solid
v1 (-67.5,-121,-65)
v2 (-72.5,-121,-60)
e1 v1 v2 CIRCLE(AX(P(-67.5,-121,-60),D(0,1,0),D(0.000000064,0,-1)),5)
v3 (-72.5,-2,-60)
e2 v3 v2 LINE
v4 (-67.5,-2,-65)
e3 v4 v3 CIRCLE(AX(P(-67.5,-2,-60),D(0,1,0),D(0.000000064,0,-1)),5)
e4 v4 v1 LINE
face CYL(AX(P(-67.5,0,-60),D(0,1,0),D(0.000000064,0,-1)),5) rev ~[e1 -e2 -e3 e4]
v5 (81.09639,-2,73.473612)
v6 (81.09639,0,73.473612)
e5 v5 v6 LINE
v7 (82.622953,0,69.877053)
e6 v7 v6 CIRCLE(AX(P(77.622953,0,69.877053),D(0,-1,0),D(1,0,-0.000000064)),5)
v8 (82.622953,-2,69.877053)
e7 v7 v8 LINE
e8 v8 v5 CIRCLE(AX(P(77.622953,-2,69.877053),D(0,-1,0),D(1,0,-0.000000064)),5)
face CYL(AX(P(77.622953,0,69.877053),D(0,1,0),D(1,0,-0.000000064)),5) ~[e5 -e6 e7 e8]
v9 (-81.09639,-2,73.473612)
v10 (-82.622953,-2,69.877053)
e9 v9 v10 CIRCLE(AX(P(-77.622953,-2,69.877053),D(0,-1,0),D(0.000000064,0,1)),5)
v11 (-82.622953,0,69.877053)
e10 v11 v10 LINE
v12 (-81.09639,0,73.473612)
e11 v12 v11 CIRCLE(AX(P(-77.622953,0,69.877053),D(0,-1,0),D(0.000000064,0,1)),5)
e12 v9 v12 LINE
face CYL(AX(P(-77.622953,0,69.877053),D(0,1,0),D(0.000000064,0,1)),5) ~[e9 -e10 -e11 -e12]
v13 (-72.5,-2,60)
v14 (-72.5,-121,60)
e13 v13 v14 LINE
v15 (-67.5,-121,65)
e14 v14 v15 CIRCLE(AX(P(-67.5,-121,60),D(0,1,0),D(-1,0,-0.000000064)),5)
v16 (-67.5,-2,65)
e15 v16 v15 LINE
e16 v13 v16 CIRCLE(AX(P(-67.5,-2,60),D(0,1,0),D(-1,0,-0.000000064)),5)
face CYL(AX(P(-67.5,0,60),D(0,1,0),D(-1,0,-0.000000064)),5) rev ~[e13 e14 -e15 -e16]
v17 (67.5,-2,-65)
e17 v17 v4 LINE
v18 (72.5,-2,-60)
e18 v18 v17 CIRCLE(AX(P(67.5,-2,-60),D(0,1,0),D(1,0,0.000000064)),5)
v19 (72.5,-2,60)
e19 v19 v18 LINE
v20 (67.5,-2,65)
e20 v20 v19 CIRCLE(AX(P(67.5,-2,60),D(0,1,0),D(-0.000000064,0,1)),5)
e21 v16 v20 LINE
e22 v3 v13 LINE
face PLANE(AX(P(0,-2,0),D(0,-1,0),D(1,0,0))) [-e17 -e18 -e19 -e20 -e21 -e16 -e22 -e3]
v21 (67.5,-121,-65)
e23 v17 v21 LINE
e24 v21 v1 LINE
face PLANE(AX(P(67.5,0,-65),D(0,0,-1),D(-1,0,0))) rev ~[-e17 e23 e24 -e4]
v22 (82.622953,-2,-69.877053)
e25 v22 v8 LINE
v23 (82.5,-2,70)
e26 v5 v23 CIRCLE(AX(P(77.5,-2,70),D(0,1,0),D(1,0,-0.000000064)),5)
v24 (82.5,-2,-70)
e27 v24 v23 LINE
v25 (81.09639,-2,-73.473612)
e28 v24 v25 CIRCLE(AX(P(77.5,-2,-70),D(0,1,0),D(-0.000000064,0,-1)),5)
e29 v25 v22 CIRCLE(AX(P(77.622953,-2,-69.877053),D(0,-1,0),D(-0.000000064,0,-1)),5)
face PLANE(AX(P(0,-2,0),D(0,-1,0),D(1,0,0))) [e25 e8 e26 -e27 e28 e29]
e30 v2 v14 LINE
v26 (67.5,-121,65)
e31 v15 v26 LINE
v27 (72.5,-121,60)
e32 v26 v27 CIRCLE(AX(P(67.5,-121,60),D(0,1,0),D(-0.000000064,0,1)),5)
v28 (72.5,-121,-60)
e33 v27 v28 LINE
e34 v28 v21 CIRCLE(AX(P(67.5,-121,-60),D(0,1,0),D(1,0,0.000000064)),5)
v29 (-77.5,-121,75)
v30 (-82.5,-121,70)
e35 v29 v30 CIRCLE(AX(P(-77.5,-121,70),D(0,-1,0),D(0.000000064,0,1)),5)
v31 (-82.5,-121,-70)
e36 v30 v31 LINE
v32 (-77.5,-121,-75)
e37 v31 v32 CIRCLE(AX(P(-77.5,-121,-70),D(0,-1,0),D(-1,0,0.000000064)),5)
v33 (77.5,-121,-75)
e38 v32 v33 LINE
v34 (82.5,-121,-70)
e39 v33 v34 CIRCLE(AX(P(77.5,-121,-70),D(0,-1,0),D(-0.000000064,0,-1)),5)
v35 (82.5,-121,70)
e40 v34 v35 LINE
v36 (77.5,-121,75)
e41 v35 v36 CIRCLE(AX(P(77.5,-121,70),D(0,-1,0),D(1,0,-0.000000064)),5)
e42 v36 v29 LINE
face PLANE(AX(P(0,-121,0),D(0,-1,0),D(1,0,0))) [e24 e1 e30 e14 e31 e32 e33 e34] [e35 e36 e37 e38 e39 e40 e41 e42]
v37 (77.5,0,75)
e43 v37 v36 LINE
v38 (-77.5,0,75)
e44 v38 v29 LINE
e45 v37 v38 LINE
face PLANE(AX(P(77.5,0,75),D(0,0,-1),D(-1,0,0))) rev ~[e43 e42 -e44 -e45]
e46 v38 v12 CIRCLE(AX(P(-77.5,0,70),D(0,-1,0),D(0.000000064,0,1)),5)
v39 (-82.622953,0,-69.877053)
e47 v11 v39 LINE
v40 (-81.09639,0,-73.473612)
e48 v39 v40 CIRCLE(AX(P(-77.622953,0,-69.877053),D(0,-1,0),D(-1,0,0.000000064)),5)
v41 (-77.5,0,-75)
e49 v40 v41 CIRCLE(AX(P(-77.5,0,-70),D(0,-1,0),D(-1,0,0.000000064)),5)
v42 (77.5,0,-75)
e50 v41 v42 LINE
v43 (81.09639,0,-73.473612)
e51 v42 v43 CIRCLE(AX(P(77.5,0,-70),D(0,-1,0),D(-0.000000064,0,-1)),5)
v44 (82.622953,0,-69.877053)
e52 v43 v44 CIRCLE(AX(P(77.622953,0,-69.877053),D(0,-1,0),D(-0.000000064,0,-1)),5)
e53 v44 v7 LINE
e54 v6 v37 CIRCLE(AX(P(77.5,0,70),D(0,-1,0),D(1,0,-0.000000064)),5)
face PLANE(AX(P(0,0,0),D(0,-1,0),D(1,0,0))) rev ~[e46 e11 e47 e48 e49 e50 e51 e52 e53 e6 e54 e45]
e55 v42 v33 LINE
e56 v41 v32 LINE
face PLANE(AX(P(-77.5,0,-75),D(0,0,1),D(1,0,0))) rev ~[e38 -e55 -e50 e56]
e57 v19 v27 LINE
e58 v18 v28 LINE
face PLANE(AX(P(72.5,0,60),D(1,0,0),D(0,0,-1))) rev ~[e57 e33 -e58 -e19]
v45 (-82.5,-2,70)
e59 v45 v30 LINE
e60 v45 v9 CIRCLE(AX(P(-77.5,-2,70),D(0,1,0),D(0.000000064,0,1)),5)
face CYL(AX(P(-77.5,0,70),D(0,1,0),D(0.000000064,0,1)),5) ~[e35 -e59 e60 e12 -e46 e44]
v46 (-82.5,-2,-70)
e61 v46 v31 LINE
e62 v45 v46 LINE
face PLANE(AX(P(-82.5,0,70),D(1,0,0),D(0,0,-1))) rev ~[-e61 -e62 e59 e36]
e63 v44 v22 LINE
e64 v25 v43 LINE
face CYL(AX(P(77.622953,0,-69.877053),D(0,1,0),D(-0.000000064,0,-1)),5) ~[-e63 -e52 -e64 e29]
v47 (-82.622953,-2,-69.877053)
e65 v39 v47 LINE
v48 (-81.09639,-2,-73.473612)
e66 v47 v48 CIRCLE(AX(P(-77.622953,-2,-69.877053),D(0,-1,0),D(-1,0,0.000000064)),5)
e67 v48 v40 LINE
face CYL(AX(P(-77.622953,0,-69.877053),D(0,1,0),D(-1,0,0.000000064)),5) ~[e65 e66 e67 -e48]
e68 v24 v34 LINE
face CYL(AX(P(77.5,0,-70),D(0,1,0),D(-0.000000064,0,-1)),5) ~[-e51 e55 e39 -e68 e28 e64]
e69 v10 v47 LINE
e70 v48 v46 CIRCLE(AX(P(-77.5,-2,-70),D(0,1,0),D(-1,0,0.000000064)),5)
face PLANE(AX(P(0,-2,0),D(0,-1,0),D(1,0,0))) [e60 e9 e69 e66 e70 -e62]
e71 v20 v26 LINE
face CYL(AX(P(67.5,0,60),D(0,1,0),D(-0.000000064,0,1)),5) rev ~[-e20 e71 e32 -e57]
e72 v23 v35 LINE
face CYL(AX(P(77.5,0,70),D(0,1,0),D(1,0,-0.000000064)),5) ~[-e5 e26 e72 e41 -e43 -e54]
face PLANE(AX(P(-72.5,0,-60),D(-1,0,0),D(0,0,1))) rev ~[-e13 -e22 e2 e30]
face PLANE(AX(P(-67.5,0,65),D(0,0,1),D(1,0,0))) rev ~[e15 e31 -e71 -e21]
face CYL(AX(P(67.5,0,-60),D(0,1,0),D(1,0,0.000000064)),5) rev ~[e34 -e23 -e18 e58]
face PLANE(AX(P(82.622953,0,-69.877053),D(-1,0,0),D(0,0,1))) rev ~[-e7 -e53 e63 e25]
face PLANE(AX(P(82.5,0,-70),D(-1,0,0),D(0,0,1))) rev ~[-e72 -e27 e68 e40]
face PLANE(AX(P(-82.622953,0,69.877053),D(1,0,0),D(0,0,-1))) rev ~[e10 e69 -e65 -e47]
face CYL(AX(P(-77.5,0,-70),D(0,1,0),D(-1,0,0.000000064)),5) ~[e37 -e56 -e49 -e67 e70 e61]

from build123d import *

# Parameters (mm, degrees)
F1_DEPTH = 121
F3_DEPTH = 2


with BuildPart() as f1:
    # F0 (on Front) → F1 (new body)
    with BuildSketch(Plane.XZ):
        with BuildLine():
            Line((77.5, 75), (-77.5, 75))
            ThreePointArc((-77.5, 75), (-81.035534, 73.535534), (-82.5, 70))
            Line((-82.5, 70), (-82.5, -70))
            ThreePointArc((-82.5, -70), (-81.035534, -73.535534), (-77.5, -75))
            Line((-77.5, -75), (77.5, -75))
            ThreePointArc((77.5, -75), (81.035534, -73.535534), (82.5, -70))
            Line((82.5, -70), (82.5, 70))
            ThreePointArc((82.5, 70), (81.035534, 73.535534), (77.5, 75))
        make_face()
        with BuildLine():
            ThreePointArc((-72.5, 60), (-71.035534, 63.535534), (-67.5, 65))
            Line((-67.5, 65), (67.5, 65))
            ThreePointArc((67.5, 65), (71.035534, 63.535534), (72.5, 60))
            Line((72.5, 60), (72.5, -60))
            ThreePointArc((72.5, -60), (71.035534, -63.535534), (67.5, -65))
            Line((67.5, -65), (-67.5, -65))
            ThreePointArc((-67.5, -65), (-71.035534, -63.535534), (-72.5, -60))
            Line((-72.5, -60), (-72.5, 60))
        make_face(mode=Mode.SUBTRACT)
    extrude(amount=F1_DEPTH)

    # F2 (on Front) → F3 (join)
    with BuildSketch(Plane.XZ):
        with BuildLine():
            Line((77.622953, 74.877053), (-77.622953, 74.877053))
            ThreePointArc((-77.622953, 74.877053), (-81.158487, 73.412587), (-82.622953, 69.877053))
            Line((-82.622953, 69.877053), (-82.622953, -69.877053))
            ThreePointArc((-82.622953, -69.877053), (-81.158487, -73.412587), (-77.622953, -74.877053))
            Line((-77.622953, -74.877053), (77.622953, -74.877053))
            ThreePointArc((77.622953, -74.877053), (81.158487, -73.412587), (82.622953, -69.877053))
            Line((82.622953, -69.877053), (82.622953, 69.877053))
            ThreePointArc((82.622953, 69.877053), (81.158487, 73.412587), (77.622953, 74.877053))
        make_face()
    extrude(amount=F3_DEPTH)


solid = f1.part
